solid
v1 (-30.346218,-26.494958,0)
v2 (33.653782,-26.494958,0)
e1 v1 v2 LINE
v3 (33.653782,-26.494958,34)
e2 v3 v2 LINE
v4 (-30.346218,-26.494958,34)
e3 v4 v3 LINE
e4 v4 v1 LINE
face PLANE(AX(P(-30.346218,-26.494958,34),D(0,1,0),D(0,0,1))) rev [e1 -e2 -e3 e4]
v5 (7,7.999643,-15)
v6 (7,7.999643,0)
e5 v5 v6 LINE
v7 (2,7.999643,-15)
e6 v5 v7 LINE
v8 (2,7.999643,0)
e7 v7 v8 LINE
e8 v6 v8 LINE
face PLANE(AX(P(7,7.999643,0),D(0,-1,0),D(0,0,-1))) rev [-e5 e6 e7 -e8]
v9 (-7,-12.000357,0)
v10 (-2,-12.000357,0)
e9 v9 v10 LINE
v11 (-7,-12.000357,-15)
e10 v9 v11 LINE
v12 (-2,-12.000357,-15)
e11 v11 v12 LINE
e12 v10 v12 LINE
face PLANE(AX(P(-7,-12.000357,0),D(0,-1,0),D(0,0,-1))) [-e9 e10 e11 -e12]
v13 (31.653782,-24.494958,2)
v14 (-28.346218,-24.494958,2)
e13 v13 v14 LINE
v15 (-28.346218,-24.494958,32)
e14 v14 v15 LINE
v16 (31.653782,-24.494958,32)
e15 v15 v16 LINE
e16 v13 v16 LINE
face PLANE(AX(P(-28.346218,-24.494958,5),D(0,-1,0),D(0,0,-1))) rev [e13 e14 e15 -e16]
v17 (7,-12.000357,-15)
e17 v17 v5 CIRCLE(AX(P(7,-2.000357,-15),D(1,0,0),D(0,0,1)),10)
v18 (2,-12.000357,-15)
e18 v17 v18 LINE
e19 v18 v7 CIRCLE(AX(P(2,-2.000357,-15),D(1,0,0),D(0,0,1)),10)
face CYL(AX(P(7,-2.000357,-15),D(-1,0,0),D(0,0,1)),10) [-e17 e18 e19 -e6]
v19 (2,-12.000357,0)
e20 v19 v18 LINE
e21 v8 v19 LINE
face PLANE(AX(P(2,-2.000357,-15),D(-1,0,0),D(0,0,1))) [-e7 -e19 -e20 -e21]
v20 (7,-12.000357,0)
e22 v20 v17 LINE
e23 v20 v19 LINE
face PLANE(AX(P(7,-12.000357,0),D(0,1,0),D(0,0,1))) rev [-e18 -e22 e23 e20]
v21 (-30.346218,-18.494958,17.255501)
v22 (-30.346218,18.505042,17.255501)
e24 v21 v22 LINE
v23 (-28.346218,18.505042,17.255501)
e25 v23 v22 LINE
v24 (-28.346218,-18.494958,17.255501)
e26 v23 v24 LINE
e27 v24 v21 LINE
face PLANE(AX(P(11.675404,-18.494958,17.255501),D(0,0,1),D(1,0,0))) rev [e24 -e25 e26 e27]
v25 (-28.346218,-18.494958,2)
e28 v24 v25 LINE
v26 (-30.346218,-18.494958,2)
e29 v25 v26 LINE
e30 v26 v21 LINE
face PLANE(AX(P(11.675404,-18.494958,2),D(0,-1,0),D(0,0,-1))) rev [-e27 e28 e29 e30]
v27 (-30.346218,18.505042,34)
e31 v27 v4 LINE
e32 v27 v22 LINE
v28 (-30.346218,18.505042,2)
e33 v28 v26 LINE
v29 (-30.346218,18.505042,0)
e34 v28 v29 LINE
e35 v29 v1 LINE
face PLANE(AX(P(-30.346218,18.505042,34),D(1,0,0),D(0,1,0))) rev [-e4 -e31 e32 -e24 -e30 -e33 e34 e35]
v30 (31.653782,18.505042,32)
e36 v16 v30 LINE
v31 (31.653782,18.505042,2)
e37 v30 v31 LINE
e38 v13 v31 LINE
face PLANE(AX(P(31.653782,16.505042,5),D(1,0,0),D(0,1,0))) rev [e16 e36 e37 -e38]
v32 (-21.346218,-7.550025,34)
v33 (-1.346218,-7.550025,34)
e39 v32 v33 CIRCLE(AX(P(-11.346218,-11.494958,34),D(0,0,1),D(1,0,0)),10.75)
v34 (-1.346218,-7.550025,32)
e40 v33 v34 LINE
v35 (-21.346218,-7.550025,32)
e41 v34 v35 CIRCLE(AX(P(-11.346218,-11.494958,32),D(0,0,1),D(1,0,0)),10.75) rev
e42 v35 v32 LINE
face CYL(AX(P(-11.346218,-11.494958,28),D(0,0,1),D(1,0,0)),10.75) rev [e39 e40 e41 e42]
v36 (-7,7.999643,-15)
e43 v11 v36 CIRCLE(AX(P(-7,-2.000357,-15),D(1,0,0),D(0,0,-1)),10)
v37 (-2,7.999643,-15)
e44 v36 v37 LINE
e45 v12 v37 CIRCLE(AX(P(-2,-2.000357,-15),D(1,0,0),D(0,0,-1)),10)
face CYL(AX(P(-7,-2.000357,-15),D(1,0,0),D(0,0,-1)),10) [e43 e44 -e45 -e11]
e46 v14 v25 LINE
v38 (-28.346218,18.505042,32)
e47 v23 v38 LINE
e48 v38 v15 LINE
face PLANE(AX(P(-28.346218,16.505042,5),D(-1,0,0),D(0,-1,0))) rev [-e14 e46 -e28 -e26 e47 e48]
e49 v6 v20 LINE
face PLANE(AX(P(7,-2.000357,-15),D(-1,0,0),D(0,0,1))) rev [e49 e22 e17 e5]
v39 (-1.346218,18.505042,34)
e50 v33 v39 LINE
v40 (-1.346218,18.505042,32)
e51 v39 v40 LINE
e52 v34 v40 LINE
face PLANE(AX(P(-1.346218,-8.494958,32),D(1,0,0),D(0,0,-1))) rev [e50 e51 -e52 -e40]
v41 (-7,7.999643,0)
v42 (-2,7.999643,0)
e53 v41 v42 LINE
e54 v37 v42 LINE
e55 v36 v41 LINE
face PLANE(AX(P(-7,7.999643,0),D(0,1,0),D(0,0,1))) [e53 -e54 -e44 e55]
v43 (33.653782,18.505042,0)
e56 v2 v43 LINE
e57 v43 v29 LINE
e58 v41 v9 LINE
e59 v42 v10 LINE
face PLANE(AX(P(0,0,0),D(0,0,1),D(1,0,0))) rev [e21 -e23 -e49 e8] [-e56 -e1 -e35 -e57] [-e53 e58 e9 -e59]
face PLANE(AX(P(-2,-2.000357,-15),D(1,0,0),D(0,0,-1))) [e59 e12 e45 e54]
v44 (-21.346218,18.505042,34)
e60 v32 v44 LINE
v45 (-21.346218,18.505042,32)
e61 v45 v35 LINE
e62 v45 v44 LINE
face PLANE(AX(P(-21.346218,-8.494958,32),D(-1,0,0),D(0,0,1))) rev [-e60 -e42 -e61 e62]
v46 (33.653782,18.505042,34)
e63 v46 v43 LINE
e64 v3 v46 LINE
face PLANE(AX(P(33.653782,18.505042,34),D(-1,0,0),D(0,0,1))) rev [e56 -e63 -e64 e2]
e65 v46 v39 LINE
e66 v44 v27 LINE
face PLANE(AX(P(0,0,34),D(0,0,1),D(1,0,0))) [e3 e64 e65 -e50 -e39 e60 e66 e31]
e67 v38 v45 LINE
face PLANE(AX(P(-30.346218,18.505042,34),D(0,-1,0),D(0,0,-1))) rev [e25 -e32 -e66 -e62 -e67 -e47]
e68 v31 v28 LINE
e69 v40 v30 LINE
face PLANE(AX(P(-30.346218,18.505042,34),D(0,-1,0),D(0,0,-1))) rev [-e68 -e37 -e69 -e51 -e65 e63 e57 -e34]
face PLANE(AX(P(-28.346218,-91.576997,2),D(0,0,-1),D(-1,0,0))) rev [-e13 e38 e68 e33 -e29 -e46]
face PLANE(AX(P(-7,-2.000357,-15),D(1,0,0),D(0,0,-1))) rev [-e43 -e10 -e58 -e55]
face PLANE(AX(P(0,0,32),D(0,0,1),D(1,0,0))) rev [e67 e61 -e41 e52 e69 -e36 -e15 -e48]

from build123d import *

# Parameters (mm, degrees)
SKETCH1_W           = 64
SKETCH1_H           = 45
BOSS_EXTRUDE1_DEPTH = 34
SKETCH2_R           = 10.75
CUT_EXTRUDE1_DEPTH  = 6
CUT_EXTRUDE2_START  = -2
SKETCH3_W           = 60
SKETCH3_H           = 41
CUT_EXTRUDE2_DEPTH  = 27
SKETCH4_W           = 60
SKETCH4_H           = 30
CUT_EXTRUDE3_DEPTH  = 43
SKETCH5_W           = 20
SKETCH5_H           = 2
CUT_EXTRUDE4_DEPTH  = 27
BOSS_EXTRUDE2_START = 2
BOSS_EXTRUDE2_DEPTH = 5
BOSS_EXTRUDE3_START = -7
BOSS_EXTRUDE3_DEPTH = 5
SKETCH10_W          = 15.255500618
SKETCH10_H          = 37
CUT_EXTRUDE5_DEPTH  = 2


with BuildPart() as part:
    # Sketch1 → Boss-Extrude1 (new body)
    with BuildSketch(Plane.XY):
        with Locations((1.653781513, -3.994957983)):
            Rectangle(SKETCH1_W, SKETCH1_H)
    extrude(amount=BOSS_EXTRUDE1_DEPTH)

    # Sketch2 → Cut-Extrude1 (cut)
    with BuildSketch(Plane.XY.offset(34)):
        with Locations((-11.346218487, -11.494957983)):
            Circle(SKETCH2_R)
    extrude(amount=-CUT_EXTRUDE1_DEPTH, mode=Mode.SUBTRACT)

    # Sketch3 → Cut-Extrude2 (cut)
    with BuildSketch(Plane.XY.offset(34).offset(CUT_EXTRUDE2_START)):
        with Locations((1.653781513, -3.994957983)):
            Rectangle(SKETCH3_W, SKETCH3_H)
    extrude(amount=-CUT_EXTRUDE2_DEPTH, mode=Mode.SUBTRACT)

    # Sketch4 → Cut-Extrude3 (cut)
    with BuildSketch(Plane(origin=(0, 18.505042017, 0), x_dir=(1, 0, 0), z_dir=(0, 1, 0))):
        with Locations((1.653781513, -17)):
            Rectangle(SKETCH4_W, SKETCH4_H)
    extrude(amount=-CUT_EXTRUDE3_DEPTH, mode=Mode.SUBTRACT)

    # Sketch5 → Cut-Extrude4 (cut)
    with BuildSketch(Plane(origin=(0, 18.505042017, 0), x_dir=(1, 0, 0), z_dir=(0, 1, 0))):
        with Locations((-11.346218487, -33)):
            Rectangle(SKETCH5_W, SKETCH5_H)
    extrude(amount=-CUT_EXTRUDE4_DEPTH, mode=Mode.SUBTRACT)

    # Sketch7 → Boss-Extrude2 (add)
    with BuildSketch(Plane(origin=(0, 0, 0), x_dir=(0, 0, -1), z_dir=(1, 0, 0)).offset(BOSS_EXTRUDE2_START)):
        with BuildLine():
            Line((0, 7.999642933), (15, 7.999642933))
            ThreePointArc((15, 7.999642933), (25, -2.000357067), (15, -12.000357067))
            Line((15, -12.000357067), (0, -12.000357067))
            Line((0, -12.000357067), (0, 7.999642933))
        make_face()
    extrude(amount=BOSS_EXTRUDE2_DEPTH)

    # Sketch8 → Boss-Extrude3 (add)
    with BuildSketch(Plane(origin=(0, 0, 0), x_dir=(0, 0, -1), z_dir=(1, 0, 0)).offset(BOSS_EXTRUDE3_START)):
        with BuildLine():
            Line((0, -12.000357067), (0, 7.999642933))
            Line((0, 7.999642933), (15, 7.999642933))
            ThreePointArc((15, 7.999642933), (25, -2.000357067), (15, -12.000357067))
            Line((15, -12.000357067), (0, -12.000357067))
        make_face()
    extrude(amount=BOSS_EXTRUDE3_DEPTH)

    # Sketch10 → Cut-Extrude5 (cut)
    with BuildSketch(Plane.ZY.offset(30.346218487)):
        with Locations((9.627750309, 0.005042017)):
            Rectangle(SKETCH10_W, SKETCH10_H)
    extrude(amount=-CUT_EXTRUDE5_DEPTH, mode=Mode.SUBTRACT)


solid = part.part
